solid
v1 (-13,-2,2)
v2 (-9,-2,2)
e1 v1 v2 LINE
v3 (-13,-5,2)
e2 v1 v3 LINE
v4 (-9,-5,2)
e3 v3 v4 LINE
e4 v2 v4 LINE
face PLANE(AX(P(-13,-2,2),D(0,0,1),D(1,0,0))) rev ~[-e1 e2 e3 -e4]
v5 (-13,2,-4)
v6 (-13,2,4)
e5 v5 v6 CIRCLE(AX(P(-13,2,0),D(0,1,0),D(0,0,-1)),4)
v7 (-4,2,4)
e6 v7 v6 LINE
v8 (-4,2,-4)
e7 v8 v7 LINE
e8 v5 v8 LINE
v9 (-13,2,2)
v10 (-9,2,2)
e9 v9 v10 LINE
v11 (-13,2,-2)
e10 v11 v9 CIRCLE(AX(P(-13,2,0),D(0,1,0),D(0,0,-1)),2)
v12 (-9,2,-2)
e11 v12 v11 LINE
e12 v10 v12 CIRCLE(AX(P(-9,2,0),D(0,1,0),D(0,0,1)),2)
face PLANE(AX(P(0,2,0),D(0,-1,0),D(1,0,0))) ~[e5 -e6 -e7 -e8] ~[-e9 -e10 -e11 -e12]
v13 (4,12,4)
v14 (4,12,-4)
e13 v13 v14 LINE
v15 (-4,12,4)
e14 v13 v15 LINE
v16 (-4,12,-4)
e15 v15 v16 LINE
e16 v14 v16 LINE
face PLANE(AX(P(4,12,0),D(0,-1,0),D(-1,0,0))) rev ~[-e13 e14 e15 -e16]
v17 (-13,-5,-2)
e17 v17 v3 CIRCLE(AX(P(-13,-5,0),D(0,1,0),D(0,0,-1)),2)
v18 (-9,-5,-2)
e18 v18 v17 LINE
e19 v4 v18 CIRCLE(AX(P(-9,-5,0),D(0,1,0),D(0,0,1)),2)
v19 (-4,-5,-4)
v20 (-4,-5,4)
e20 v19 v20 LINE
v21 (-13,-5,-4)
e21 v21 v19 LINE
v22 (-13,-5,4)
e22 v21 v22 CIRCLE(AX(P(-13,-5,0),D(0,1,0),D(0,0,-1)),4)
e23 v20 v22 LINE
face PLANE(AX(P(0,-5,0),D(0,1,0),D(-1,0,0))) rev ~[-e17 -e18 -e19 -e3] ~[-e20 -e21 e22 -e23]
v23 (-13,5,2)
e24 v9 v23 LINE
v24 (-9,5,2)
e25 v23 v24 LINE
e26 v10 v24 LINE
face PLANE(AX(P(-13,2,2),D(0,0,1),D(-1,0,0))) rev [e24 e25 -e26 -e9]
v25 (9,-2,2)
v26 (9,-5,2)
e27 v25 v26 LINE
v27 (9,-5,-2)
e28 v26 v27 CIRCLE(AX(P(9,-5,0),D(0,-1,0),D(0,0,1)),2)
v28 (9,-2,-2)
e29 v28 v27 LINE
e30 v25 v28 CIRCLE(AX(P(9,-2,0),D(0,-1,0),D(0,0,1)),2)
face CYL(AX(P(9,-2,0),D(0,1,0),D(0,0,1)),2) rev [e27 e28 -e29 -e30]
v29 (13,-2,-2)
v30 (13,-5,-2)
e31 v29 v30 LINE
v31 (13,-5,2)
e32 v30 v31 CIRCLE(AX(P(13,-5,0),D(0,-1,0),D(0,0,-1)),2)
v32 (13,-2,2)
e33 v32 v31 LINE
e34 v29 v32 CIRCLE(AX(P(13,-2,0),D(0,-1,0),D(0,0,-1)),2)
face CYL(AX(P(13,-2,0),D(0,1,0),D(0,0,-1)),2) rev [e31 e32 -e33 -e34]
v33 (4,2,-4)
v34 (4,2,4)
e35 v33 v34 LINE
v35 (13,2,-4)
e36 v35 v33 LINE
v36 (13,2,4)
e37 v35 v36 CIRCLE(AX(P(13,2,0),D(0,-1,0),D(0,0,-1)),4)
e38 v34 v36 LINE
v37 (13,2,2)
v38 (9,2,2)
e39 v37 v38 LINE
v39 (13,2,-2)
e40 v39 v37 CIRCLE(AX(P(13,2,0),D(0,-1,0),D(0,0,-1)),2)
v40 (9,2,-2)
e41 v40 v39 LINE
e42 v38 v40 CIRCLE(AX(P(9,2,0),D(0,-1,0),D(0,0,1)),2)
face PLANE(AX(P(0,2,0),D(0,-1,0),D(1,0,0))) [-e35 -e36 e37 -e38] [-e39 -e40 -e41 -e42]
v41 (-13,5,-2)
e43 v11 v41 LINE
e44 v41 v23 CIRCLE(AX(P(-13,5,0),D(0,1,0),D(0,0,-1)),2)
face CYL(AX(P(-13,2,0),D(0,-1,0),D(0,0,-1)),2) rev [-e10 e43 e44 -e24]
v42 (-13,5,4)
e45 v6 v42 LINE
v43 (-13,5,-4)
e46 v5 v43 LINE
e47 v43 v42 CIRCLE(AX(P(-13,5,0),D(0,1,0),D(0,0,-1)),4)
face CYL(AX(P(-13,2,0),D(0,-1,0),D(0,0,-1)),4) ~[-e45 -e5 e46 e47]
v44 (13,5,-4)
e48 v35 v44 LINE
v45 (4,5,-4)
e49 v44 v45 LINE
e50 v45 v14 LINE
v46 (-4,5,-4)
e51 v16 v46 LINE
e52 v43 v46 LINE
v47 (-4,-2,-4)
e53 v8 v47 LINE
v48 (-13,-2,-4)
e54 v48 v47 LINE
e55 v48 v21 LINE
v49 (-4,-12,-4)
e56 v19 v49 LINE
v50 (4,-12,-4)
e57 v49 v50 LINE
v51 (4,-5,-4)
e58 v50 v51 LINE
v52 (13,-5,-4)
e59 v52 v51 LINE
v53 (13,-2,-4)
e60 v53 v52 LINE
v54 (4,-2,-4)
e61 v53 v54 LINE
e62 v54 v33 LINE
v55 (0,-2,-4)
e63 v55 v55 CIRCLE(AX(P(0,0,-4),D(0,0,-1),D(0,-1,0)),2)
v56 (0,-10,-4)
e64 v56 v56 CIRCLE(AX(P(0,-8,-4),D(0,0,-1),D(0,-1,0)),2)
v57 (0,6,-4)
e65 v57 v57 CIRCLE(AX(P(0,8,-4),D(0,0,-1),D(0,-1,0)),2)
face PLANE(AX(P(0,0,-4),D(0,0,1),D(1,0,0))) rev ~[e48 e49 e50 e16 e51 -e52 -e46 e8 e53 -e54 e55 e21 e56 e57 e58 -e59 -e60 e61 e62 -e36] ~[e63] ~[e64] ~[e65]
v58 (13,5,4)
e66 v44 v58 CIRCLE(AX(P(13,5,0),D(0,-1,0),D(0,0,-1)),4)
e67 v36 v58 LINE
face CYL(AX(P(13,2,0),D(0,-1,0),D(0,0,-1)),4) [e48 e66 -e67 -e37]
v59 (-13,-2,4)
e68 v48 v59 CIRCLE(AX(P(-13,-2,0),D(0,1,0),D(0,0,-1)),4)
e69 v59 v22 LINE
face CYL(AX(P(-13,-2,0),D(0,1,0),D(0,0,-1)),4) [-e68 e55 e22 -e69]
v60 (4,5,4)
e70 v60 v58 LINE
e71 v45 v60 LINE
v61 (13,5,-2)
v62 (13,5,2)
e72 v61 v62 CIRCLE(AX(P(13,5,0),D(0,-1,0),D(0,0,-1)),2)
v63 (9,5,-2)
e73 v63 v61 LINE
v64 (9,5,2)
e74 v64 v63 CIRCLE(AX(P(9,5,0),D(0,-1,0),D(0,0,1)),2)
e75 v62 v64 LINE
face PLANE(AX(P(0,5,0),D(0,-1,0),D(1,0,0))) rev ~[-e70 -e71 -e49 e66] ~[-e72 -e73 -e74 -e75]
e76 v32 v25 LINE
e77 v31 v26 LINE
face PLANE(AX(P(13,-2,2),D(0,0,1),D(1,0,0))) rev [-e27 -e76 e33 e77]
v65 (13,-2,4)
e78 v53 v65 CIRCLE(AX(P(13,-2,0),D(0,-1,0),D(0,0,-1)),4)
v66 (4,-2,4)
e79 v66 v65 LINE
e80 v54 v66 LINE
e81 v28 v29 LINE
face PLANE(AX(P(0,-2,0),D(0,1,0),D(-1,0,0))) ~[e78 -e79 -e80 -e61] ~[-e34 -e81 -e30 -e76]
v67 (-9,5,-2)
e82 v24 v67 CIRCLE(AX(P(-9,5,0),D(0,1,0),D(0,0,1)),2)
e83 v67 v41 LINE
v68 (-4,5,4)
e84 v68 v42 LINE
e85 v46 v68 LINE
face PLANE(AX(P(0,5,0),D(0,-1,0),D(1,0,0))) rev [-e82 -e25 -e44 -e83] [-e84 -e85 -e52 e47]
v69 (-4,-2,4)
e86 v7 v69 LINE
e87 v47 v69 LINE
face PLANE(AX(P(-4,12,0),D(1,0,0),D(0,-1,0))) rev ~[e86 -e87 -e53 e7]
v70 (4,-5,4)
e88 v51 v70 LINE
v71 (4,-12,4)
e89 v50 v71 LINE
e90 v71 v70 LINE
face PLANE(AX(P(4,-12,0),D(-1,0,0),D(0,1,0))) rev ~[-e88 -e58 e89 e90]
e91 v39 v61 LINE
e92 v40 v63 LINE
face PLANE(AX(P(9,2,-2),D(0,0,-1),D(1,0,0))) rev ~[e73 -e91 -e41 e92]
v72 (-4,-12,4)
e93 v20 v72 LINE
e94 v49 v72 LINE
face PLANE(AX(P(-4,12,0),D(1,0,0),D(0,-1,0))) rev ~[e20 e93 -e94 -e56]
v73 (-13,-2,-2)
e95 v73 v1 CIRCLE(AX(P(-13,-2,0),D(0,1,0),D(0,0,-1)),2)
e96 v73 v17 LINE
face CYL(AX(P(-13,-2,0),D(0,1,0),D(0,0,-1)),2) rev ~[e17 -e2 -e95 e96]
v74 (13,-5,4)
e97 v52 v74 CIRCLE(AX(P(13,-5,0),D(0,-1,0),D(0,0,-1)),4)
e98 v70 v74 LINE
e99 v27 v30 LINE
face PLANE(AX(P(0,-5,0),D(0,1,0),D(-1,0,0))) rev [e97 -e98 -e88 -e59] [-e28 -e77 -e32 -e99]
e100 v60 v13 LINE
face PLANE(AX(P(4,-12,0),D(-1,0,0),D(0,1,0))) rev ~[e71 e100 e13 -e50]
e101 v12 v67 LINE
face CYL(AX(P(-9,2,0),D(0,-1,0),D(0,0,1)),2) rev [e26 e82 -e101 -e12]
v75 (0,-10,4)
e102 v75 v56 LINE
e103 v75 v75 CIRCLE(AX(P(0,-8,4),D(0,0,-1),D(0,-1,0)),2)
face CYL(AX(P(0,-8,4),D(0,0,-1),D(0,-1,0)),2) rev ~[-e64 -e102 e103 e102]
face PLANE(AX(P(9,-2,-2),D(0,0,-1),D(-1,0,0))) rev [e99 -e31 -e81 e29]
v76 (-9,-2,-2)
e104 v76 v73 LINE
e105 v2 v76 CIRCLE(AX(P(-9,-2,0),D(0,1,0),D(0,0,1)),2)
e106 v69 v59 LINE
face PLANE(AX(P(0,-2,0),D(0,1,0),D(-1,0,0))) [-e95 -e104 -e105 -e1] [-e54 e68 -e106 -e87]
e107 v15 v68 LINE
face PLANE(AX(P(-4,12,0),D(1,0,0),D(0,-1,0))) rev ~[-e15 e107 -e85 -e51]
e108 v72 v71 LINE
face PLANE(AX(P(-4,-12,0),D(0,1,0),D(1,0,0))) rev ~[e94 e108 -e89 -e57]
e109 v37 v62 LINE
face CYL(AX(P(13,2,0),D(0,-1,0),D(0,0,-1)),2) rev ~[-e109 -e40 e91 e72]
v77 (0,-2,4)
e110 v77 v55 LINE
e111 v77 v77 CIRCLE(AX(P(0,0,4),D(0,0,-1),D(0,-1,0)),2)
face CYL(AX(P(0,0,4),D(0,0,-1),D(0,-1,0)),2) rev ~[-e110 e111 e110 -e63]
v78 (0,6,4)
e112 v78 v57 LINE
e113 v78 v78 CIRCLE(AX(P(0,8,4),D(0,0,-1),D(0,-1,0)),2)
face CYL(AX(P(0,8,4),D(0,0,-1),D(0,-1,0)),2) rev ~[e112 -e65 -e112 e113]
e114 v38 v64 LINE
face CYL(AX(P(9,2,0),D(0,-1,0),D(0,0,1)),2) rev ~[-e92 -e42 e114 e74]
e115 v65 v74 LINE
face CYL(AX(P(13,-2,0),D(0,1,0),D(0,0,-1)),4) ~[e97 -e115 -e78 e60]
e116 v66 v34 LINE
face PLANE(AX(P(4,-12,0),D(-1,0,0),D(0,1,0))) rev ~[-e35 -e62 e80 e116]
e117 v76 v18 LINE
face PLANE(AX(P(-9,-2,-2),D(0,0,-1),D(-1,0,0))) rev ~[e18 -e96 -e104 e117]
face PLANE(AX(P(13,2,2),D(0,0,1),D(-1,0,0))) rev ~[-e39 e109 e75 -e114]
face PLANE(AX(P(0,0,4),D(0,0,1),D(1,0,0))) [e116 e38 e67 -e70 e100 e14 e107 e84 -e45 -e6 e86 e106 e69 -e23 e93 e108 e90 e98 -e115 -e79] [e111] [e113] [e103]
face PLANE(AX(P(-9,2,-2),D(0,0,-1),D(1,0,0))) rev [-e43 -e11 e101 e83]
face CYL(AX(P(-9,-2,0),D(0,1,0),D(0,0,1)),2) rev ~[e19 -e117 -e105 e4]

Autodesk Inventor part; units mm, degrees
ref_plane "YZ Plane" through (0, 0, 0) normal (1, 0, 0) x (0, 1, 0)
ref_plane "XY Plane" through (0, 0, 0) normal (0, 0, 1) x (1, 0, 0)
sketch "Sketch1" plane through (0, 0, 0) normal (0, 0, 1) x (1, 0, 0)
  line L0 (-4, -12) -> (4, -12)
  line L1 (4, -12) -> (4, 12)
  line L2 (4, 12) -> (-4, 12)
  line L3 (-4, 12) -> (-4, -12)
  line L4 (-4, -12) -> (4, 12) construction
  line L5 (4, -12) -> (-4, 12) construction
  point P0 (0, 0)
  dimension "d0" = 8
  dimension "d1" = 24
extrude "Extrusion1" add sketch "Sketch1" along normal mid plane 8
ref_plane "Work Plane1" through (0, -2, 0) normal (0, 1, 0) x (-1, 0, 0)
sketch "Sketch3" plane through (0, -2, 0) normal (0, 1, 0) x (-1, 0, 0)
  line L0 (4, -4) -> (4, 4) projected
  line L1 (4, 4) -> (13, 4)
  arc A0 (13, -4) -> (13, 4) centre (13, 0) ccw
  line L2 (13, -4) -> (4, -4)
  line L3 (4, 4) -> (4, -4)
  line L4 (9, 0) -> (13, 0) construction
  line L5 (9, -2) -> (13, -2)
  line L6 (13, 2) -> (9, 2)
  arc A1 (9, 2) -> (9, -2) centre (9, 0) ccw
  arc A2 (13, -2) -> (13, 2) centre (13, 0) ccw
  point P0 (0, 0)
  point P1 (11, 0)
  dimension "d8" = 4
  dimension "d9" = 9
  dimension "d10" = 4
  dimension "d11" = 2
extrude "Extrusion2" add sketch "Sketch3" against normal blind 3
mirror "Mirror1" about plane through (0, 0, 0) normal (0, 1, 0) of "Extrusion2"
mirror "Mirror2" about plane through (0, 0, 0) normal (1, 0, 0) of "Extrusion2", "Mirror1"
sketch "Sketch4" plane through (0, 0, 4) normal (0, 0, 1) x (1, 0, 0)
  point P0 (0, 0)
  point P1 (0, -8)
  point P2 (0, 0)
  point P3 (0, 8)
  dimension "d14" = 8
  dimension "d15" = 8
hole "Hole1" at (0, -8, 4) at (0, 0, 4) at (0, 8, 4) direction (0, 0, -1) diameter 4 depth 8
sketch "Sketch5" plane through (4, -5, -4) normal (0, -1, 0) x (1, 0, 0)
  arc A0 (9, 2) -> (9, 6) centre (9, 4) ccw projected
  circle A1 centre (-14, 4) radius 2
  arc A2 (-13, 2) -> (-13, 6) centre (-13, 4) ccw projected
  arc A3 (-17, 6) -> (-17, 2) centre (-17, 4) ccw projected
  circle A4 centre (-14, 4) radius 2
  point P0 (-4, 4)
  point P1 (11, 4)
  point P2 (-11, 4)
  point P3 (-19, 4)
  dimension "d25" = 4
  dimension "d26" = 5
sketch "Sketch6" plane through (-13, 5, -4) normal (0, 1, 0) x (1, 0, 0)
  arc A0 (0, -2) -> (0, -6) centre (0, -4) ccw projected
  circle A1 centre (23, -4) radius 2
  arc A2 (26, -6) -> (26, -2) centre (26, -4) ccw projected
  arc A3 (22, -2) -> (22, -6) centre (22, -4) ccw projected
  point P0 (13, -4)
  point P1 (-2, -4)
  point P2 (28, -4)
  point P3 (20, -4)
  point P4 (28, -4)
  dimension "d28" = 4
  dimension "d31" = 5
equation "\"d15\" = d14"
properties part number "08"
